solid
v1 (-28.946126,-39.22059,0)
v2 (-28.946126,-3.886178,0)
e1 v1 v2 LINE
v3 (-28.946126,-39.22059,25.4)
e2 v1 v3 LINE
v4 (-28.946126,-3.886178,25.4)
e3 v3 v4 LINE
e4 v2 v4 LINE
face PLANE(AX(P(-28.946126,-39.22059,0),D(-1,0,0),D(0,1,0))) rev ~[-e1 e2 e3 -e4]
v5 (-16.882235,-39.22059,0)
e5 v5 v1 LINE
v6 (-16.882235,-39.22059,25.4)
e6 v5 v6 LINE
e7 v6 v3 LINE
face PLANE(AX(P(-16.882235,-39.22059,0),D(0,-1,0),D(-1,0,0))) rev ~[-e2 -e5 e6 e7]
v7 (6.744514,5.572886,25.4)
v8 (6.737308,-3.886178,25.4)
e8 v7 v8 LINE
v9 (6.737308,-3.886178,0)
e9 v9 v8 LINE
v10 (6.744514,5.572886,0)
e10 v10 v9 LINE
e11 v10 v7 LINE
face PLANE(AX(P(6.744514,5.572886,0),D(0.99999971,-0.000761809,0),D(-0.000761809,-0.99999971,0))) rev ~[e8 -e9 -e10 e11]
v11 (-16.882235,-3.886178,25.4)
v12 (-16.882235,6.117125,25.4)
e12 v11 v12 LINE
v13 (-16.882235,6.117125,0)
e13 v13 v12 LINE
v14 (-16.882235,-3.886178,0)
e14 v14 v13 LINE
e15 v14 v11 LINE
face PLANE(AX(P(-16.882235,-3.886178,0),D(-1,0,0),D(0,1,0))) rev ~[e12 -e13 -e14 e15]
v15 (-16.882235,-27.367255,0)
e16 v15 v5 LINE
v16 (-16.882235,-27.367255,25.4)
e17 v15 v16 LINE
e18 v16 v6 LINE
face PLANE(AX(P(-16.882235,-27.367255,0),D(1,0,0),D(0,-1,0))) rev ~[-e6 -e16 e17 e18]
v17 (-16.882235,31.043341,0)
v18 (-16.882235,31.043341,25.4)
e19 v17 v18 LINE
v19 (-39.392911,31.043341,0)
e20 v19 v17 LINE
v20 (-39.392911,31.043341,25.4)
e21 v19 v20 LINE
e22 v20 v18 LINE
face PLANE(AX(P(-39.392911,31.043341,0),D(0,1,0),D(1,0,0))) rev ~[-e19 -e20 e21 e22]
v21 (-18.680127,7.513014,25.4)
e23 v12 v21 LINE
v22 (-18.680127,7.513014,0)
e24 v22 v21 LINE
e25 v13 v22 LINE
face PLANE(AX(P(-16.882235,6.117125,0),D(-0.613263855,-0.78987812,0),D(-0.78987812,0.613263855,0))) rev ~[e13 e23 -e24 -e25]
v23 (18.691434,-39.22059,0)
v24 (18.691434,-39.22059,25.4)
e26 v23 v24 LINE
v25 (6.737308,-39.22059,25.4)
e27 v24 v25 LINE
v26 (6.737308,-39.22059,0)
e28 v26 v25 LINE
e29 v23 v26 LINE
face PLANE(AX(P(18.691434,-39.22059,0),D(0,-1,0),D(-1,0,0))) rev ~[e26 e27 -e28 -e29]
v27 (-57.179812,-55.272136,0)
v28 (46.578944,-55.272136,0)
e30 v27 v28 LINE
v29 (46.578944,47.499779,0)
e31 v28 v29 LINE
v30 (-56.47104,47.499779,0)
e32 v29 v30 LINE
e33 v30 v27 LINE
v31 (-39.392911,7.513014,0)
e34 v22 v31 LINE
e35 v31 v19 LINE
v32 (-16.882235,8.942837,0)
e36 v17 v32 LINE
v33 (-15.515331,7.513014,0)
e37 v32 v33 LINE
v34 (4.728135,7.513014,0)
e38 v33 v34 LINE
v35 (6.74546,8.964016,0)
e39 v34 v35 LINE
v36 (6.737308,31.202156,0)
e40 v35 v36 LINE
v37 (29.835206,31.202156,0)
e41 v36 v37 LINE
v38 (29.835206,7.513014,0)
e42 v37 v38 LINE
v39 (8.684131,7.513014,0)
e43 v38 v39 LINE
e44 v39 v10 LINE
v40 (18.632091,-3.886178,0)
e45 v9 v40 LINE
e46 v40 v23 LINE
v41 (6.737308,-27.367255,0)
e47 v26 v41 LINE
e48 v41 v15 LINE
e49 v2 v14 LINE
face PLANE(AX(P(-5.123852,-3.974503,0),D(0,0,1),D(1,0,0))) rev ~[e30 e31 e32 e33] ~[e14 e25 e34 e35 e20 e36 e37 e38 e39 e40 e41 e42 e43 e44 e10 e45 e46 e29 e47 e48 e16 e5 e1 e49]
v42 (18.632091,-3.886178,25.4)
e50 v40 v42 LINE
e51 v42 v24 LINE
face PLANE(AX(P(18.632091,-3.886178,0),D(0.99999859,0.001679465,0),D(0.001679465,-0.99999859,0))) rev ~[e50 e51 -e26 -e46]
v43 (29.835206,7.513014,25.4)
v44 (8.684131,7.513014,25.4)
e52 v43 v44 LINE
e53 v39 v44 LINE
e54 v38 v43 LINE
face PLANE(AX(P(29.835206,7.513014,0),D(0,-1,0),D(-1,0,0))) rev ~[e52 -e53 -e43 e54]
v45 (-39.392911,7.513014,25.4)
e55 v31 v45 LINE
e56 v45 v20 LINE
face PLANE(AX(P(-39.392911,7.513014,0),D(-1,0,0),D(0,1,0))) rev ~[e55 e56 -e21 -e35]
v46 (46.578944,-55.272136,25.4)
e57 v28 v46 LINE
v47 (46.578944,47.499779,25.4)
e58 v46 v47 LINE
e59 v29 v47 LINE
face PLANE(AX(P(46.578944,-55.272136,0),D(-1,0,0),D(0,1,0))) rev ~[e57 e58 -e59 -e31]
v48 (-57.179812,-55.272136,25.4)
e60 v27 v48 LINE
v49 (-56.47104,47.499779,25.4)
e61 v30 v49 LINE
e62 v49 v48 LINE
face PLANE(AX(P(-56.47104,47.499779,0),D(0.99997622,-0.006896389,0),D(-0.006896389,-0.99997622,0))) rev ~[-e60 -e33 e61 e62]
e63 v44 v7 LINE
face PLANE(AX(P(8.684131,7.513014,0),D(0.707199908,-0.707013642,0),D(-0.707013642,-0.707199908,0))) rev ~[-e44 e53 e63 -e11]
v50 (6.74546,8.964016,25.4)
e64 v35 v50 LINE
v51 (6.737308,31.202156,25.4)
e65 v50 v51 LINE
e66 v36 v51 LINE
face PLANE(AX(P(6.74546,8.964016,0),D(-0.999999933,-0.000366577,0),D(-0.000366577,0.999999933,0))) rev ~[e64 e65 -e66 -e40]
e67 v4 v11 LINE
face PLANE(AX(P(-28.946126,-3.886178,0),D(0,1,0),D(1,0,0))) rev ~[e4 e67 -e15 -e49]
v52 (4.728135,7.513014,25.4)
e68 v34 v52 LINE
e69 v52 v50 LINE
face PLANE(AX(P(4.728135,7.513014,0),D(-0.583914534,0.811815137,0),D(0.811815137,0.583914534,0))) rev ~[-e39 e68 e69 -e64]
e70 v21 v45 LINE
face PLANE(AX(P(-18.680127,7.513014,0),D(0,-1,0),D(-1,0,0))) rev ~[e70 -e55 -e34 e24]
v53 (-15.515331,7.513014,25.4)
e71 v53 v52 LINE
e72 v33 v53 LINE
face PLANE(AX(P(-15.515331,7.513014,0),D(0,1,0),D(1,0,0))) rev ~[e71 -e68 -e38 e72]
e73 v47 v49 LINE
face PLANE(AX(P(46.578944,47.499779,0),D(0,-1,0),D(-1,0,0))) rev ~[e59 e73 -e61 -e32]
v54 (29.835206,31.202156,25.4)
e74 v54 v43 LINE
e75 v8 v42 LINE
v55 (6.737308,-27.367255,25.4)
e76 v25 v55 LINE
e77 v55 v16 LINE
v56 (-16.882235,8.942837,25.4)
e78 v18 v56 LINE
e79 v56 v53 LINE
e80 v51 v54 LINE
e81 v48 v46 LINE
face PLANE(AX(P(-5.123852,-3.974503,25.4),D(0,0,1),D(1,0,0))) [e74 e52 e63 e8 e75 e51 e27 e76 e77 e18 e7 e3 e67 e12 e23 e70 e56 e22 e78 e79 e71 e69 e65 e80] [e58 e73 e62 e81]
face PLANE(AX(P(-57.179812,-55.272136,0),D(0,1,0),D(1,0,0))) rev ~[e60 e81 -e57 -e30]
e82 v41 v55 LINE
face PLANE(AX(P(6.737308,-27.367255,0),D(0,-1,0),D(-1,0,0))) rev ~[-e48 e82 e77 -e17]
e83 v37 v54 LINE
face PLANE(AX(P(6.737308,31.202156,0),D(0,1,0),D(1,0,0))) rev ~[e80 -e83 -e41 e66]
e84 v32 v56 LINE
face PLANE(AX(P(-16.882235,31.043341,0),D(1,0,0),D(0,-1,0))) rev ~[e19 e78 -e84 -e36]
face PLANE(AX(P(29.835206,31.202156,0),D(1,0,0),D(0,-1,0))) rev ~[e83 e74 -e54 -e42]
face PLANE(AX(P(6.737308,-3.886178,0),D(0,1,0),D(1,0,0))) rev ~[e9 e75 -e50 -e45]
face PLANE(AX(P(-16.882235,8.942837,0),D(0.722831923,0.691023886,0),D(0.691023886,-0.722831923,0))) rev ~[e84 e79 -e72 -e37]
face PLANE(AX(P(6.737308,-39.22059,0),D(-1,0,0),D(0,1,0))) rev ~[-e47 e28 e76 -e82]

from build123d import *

# Parameters (mm, degrees)
F1_DEPTH = 25.4


with BuildPart() as f1:
    # F0 (on Top) → F1 (new body)
    with BuildSketch(Plane.XY):
        Polygon((-56.47104, 47.499779), (-57.179812, -55.272136), (46.578944, -55.272136), (46.578944, 47.499779), align=None)
        Polygon((6.74546, 8.964016), (6.737308, 31.202156), (29.835206, 31.202156), (29.835206, 7.513014), (8.684131, 7.513014), (6.744514, 5.572886), (6.737308, -3.886178), (18.632091, -3.886178), (18.691434, -39.22059), (6.737308, -39.22059), (6.737308, -27.367255), (-16.882235, -27.367255), (-16.882235, -39.22059), (-28.946126, -39.22059), (-28.946126, -3.886178), (-16.882235, -3.886178), (-16.882235, 6.117125), (-18.680127, 7.513014), (-39.392911, 7.513014), (-39.392911, 31.043341), (-16.882235, 31.043341), (-16.882235, 8.942837), (-15.515331, 7.513014), (4.728135, 7.513014), align=None, mode=Mode.SUBTRACT)
    extrude(amount=F1_DEPTH)


solid = f1.part
